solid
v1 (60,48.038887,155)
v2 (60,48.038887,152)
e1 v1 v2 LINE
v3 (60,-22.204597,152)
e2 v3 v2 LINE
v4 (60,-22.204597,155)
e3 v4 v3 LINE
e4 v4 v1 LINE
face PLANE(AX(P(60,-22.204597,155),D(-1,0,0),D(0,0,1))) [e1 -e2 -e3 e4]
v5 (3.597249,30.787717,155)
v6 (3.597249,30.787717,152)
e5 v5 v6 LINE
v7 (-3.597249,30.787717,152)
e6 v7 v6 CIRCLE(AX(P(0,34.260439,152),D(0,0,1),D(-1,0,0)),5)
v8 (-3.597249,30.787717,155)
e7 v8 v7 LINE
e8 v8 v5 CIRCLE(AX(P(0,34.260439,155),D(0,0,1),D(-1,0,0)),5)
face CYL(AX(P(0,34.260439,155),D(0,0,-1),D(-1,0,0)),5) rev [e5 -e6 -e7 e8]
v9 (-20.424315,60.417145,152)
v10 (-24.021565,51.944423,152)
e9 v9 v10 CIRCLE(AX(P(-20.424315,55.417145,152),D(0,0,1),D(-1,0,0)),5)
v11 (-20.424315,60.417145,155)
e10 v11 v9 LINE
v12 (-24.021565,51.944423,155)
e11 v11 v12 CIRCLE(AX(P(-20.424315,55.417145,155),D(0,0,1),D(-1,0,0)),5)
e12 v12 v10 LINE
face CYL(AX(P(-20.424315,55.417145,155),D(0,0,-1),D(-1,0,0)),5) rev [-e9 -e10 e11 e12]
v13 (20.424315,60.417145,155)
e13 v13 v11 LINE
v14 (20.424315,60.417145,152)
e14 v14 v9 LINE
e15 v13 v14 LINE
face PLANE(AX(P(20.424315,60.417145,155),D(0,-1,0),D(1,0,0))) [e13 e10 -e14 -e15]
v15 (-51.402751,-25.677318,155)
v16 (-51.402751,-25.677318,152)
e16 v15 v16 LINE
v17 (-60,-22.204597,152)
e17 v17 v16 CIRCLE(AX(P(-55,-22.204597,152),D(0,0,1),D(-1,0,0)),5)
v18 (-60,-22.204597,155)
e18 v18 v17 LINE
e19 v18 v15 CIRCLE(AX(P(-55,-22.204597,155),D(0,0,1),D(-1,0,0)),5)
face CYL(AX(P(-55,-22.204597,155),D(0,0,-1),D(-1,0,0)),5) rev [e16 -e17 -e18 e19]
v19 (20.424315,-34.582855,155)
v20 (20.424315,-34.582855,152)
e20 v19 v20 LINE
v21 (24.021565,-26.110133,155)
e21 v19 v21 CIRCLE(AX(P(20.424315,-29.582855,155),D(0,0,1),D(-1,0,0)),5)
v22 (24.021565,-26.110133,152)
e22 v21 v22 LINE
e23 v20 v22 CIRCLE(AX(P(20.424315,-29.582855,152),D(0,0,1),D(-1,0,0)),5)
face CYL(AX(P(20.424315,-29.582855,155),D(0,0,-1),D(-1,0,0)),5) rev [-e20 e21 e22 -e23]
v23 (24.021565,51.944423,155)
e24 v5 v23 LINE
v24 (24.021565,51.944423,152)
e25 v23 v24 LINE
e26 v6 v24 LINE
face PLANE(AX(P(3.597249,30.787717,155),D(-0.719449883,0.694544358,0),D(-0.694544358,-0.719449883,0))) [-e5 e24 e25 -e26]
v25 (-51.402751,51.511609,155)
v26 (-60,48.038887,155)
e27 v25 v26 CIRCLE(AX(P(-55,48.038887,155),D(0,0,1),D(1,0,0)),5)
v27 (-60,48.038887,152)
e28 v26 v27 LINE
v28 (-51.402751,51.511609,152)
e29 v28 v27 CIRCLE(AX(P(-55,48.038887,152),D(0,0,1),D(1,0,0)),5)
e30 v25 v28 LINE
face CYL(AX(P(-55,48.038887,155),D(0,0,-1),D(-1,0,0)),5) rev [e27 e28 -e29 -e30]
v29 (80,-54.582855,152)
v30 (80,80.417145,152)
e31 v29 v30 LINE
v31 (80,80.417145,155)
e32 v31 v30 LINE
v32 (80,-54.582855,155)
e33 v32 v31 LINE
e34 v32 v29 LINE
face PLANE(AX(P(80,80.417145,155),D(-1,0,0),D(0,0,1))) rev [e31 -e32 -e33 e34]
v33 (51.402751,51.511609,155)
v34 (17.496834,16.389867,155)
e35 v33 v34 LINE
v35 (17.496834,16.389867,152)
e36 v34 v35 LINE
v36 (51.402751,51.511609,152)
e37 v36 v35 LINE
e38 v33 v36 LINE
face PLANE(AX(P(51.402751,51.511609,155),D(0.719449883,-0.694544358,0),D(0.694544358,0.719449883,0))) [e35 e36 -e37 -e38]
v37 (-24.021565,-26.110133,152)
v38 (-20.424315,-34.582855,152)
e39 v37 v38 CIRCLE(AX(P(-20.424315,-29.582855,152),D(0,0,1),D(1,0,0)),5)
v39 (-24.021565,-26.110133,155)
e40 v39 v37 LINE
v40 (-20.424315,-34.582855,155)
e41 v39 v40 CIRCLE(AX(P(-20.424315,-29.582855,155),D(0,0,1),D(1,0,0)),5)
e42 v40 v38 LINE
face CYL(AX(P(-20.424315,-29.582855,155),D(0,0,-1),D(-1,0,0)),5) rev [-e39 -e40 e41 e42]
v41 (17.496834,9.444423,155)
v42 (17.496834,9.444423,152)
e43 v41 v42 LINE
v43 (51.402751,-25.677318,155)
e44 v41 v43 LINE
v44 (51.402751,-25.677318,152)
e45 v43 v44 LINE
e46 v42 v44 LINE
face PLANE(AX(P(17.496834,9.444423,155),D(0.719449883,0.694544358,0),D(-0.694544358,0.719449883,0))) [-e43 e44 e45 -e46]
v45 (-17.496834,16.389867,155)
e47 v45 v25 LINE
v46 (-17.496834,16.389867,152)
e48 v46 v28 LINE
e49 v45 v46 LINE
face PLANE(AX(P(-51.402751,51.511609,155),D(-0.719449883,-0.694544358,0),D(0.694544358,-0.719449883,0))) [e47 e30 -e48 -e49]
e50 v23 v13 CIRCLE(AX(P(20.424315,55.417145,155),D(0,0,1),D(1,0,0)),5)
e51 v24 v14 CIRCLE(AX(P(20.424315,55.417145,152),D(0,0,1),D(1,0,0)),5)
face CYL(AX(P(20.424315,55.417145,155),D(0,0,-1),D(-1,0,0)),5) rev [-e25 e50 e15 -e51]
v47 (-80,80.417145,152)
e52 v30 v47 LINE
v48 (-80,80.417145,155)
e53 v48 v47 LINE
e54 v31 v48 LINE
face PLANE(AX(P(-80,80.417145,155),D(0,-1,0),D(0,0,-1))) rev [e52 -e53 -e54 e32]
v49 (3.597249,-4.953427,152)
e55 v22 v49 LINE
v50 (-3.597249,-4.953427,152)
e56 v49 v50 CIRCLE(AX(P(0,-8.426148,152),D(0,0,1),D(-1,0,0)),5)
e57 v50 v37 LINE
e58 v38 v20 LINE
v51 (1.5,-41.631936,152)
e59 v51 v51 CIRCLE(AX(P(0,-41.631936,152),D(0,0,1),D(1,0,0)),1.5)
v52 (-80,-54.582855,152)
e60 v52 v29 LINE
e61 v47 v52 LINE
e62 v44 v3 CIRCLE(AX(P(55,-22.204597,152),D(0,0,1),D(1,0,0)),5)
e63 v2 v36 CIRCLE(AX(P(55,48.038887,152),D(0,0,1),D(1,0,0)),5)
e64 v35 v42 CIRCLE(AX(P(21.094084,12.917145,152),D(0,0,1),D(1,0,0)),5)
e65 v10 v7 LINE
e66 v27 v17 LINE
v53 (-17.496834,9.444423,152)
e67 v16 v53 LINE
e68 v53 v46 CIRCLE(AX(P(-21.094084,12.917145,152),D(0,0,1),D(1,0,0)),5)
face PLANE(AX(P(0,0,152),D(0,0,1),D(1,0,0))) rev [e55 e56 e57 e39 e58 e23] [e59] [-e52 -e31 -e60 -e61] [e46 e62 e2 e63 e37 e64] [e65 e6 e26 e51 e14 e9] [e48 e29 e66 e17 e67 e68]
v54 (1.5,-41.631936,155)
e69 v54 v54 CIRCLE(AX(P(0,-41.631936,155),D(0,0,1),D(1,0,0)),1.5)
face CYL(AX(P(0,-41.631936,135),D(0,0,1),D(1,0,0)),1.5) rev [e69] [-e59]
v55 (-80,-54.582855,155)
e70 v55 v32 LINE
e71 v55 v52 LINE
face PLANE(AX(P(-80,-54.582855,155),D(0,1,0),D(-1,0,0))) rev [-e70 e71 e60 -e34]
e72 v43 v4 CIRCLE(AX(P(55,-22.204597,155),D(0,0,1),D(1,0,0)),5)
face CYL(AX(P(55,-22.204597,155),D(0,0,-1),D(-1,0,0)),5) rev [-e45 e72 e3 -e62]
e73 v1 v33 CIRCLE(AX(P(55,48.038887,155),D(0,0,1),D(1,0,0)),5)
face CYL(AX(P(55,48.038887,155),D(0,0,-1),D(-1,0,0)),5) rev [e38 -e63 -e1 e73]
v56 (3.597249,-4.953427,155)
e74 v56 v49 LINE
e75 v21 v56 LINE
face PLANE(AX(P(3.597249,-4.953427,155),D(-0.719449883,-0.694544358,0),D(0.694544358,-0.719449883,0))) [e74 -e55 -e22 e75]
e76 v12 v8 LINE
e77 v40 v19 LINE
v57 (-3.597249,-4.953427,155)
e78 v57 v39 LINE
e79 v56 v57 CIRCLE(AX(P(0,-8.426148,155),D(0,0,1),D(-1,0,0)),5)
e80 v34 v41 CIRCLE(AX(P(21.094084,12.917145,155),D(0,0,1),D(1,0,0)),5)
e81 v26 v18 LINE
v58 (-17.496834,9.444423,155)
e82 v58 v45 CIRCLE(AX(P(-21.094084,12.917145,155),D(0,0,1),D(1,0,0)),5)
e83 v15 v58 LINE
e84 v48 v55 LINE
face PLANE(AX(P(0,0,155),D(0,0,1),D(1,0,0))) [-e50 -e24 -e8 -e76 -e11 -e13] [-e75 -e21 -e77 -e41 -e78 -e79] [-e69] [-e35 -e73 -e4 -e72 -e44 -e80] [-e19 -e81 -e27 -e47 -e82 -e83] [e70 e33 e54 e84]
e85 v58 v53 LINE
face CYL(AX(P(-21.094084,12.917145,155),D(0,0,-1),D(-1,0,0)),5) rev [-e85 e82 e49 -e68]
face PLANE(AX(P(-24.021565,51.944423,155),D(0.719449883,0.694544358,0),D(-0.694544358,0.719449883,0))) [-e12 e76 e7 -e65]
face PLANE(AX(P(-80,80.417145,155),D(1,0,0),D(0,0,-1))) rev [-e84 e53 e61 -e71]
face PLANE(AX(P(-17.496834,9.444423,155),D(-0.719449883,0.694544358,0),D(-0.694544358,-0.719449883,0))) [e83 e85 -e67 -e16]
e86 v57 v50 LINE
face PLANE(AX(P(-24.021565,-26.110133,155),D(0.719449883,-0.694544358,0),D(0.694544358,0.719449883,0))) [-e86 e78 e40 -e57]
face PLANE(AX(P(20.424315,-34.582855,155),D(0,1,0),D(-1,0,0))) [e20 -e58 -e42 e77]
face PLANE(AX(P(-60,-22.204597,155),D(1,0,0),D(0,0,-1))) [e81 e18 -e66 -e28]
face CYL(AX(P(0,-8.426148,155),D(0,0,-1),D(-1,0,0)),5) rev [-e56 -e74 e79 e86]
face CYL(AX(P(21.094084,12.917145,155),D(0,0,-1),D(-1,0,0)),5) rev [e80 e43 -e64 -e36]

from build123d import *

# Parameters (mm, degrees)
SKETCH1_W           = 160
SKETCH1_H           = 135
BOSS_EXTRUDE1_DEPTH = 3
CUT_EXTRUDE1_DEPTH  = 20


with BuildPart() as part:
    # Sketch1 → Boss-Extrude1 (new body)
    with BuildSketch(Plane.XY.offset(152)):
        with Locations((0, 12.91714511)):
            Rectangle(SKETCH1_W, SKETCH1_H)
        with BuildLine():
            Line((-60, -22.204596664), (-60, 48.038886885))
            ThreePointArc((-60, 48.038886885), (-56.872665603, 52.674954566), (-51.402750584, 51.511608676))
            Line((-51.402750584, 51.511608676), (-17.49683417, 16.389866902))
            ThreePointArc((-17.49683417, 16.389866902), (-16.094083586, 12.91714511), (-17.49683417, 9.444423319))
            Line((-17.49683417, 9.444423319), (-51.402750584, -25.677318456))
            ThreePointArc((-51.402750584, -25.677318456), (-56.872665603, -26.840664345), (-60, -22.204596664))
        make_face(mode=Mode.SUBTRACT)
        with BuildLine():
            Line((20.424315219, 60.41714511), (-20.424315219, 60.41714511))
            ThreePointArc((-20.424315219, 60.41714511), (-25.026684661, 57.371165459), (-24.021564635, 51.944423319))
            Line((-24.021564635, 51.944423319), (-3.597249416, 30.787716735))
            ThreePointArc((-3.597249416, 30.787716735), (0, 29.260438526), (3.597249416, 30.787716735))
            Line((3.597249416, 30.787716735), (24.021564635, 51.944423319))
            ThreePointArc((24.021564635, 51.944423319), (25.026684661, 57.371165459), (20.424315219, 60.41714511))
        make_face(mode=Mode.SUBTRACT)
        with BuildLine():
            Line((51.402750584, 51.511608676), (17.49683417, 16.389866902))
            ThreePointArc((17.49683417, 16.389866902), (16.094083586, 12.91714511), (17.49683417, 9.444423319))
            Line((17.49683417, 9.444423319), (51.402750584, -25.677318456))
            ThreePointArc((51.402750584, -25.677318456), (56.872665603, -26.840664345), (60, -22.204596664))
            Line((60, -22.204596664), (60, 48.038886885))
            ThreePointArc((60, 48.038886885), (56.872665603, 52.674954566), (51.402750584, 51.511608676))
        make_face(mode=Mode.SUBTRACT)
        with BuildLine():
            Line((-24.021564635, -26.110133098), (-3.597249416, -4.953426514))
            ThreePointArc((-3.597249416, -4.953426514), (0, -3.426148305), (3.597249416, -4.953426514))
            Line((3.597249416, -4.953426514), (24.021564635, -26.110133098))
            ThreePointArc((24.021564635, -26.110133098), (25.026684661, -31.536875238), (20.424315219, -34.58285489))
            Line((20.424315219, -34.58285489), (-20.424315219, -34.58285489))
            ThreePointArc((-20.424315219, -34.58285489), (-25.026684661, -31.536875238), (-24.021564635, -26.110133098))
        make_face(mode=Mode.SUBTRACT)
    extrude(amount=BOSS_EXTRUDE1_DEPTH)

    # Sketch2 → Cut-Extrude1 (cut)
    with BuildSketch(Plane.XY.offset(155)):
        with BuildLine():
            ThreePointArc((1.5, -41.631936217), (0, -40.131936217), (-1.5, -41.631936217))
            Line((-1.5, -41.631936217), (1.5, -41.631936217))
        make_face()
        with BuildLine():
            Line((1.5, -41.631936217), (-1.5, -41.631936217))
            ThreePointArc((-1.5, -41.631936217), (0, -43.131936217), (1.5, -41.631936217))
        make_face()
    extrude(amount=-CUT_EXTRUDE1_DEPTH, mode=Mode.SUBTRACT)


solid = part.part
